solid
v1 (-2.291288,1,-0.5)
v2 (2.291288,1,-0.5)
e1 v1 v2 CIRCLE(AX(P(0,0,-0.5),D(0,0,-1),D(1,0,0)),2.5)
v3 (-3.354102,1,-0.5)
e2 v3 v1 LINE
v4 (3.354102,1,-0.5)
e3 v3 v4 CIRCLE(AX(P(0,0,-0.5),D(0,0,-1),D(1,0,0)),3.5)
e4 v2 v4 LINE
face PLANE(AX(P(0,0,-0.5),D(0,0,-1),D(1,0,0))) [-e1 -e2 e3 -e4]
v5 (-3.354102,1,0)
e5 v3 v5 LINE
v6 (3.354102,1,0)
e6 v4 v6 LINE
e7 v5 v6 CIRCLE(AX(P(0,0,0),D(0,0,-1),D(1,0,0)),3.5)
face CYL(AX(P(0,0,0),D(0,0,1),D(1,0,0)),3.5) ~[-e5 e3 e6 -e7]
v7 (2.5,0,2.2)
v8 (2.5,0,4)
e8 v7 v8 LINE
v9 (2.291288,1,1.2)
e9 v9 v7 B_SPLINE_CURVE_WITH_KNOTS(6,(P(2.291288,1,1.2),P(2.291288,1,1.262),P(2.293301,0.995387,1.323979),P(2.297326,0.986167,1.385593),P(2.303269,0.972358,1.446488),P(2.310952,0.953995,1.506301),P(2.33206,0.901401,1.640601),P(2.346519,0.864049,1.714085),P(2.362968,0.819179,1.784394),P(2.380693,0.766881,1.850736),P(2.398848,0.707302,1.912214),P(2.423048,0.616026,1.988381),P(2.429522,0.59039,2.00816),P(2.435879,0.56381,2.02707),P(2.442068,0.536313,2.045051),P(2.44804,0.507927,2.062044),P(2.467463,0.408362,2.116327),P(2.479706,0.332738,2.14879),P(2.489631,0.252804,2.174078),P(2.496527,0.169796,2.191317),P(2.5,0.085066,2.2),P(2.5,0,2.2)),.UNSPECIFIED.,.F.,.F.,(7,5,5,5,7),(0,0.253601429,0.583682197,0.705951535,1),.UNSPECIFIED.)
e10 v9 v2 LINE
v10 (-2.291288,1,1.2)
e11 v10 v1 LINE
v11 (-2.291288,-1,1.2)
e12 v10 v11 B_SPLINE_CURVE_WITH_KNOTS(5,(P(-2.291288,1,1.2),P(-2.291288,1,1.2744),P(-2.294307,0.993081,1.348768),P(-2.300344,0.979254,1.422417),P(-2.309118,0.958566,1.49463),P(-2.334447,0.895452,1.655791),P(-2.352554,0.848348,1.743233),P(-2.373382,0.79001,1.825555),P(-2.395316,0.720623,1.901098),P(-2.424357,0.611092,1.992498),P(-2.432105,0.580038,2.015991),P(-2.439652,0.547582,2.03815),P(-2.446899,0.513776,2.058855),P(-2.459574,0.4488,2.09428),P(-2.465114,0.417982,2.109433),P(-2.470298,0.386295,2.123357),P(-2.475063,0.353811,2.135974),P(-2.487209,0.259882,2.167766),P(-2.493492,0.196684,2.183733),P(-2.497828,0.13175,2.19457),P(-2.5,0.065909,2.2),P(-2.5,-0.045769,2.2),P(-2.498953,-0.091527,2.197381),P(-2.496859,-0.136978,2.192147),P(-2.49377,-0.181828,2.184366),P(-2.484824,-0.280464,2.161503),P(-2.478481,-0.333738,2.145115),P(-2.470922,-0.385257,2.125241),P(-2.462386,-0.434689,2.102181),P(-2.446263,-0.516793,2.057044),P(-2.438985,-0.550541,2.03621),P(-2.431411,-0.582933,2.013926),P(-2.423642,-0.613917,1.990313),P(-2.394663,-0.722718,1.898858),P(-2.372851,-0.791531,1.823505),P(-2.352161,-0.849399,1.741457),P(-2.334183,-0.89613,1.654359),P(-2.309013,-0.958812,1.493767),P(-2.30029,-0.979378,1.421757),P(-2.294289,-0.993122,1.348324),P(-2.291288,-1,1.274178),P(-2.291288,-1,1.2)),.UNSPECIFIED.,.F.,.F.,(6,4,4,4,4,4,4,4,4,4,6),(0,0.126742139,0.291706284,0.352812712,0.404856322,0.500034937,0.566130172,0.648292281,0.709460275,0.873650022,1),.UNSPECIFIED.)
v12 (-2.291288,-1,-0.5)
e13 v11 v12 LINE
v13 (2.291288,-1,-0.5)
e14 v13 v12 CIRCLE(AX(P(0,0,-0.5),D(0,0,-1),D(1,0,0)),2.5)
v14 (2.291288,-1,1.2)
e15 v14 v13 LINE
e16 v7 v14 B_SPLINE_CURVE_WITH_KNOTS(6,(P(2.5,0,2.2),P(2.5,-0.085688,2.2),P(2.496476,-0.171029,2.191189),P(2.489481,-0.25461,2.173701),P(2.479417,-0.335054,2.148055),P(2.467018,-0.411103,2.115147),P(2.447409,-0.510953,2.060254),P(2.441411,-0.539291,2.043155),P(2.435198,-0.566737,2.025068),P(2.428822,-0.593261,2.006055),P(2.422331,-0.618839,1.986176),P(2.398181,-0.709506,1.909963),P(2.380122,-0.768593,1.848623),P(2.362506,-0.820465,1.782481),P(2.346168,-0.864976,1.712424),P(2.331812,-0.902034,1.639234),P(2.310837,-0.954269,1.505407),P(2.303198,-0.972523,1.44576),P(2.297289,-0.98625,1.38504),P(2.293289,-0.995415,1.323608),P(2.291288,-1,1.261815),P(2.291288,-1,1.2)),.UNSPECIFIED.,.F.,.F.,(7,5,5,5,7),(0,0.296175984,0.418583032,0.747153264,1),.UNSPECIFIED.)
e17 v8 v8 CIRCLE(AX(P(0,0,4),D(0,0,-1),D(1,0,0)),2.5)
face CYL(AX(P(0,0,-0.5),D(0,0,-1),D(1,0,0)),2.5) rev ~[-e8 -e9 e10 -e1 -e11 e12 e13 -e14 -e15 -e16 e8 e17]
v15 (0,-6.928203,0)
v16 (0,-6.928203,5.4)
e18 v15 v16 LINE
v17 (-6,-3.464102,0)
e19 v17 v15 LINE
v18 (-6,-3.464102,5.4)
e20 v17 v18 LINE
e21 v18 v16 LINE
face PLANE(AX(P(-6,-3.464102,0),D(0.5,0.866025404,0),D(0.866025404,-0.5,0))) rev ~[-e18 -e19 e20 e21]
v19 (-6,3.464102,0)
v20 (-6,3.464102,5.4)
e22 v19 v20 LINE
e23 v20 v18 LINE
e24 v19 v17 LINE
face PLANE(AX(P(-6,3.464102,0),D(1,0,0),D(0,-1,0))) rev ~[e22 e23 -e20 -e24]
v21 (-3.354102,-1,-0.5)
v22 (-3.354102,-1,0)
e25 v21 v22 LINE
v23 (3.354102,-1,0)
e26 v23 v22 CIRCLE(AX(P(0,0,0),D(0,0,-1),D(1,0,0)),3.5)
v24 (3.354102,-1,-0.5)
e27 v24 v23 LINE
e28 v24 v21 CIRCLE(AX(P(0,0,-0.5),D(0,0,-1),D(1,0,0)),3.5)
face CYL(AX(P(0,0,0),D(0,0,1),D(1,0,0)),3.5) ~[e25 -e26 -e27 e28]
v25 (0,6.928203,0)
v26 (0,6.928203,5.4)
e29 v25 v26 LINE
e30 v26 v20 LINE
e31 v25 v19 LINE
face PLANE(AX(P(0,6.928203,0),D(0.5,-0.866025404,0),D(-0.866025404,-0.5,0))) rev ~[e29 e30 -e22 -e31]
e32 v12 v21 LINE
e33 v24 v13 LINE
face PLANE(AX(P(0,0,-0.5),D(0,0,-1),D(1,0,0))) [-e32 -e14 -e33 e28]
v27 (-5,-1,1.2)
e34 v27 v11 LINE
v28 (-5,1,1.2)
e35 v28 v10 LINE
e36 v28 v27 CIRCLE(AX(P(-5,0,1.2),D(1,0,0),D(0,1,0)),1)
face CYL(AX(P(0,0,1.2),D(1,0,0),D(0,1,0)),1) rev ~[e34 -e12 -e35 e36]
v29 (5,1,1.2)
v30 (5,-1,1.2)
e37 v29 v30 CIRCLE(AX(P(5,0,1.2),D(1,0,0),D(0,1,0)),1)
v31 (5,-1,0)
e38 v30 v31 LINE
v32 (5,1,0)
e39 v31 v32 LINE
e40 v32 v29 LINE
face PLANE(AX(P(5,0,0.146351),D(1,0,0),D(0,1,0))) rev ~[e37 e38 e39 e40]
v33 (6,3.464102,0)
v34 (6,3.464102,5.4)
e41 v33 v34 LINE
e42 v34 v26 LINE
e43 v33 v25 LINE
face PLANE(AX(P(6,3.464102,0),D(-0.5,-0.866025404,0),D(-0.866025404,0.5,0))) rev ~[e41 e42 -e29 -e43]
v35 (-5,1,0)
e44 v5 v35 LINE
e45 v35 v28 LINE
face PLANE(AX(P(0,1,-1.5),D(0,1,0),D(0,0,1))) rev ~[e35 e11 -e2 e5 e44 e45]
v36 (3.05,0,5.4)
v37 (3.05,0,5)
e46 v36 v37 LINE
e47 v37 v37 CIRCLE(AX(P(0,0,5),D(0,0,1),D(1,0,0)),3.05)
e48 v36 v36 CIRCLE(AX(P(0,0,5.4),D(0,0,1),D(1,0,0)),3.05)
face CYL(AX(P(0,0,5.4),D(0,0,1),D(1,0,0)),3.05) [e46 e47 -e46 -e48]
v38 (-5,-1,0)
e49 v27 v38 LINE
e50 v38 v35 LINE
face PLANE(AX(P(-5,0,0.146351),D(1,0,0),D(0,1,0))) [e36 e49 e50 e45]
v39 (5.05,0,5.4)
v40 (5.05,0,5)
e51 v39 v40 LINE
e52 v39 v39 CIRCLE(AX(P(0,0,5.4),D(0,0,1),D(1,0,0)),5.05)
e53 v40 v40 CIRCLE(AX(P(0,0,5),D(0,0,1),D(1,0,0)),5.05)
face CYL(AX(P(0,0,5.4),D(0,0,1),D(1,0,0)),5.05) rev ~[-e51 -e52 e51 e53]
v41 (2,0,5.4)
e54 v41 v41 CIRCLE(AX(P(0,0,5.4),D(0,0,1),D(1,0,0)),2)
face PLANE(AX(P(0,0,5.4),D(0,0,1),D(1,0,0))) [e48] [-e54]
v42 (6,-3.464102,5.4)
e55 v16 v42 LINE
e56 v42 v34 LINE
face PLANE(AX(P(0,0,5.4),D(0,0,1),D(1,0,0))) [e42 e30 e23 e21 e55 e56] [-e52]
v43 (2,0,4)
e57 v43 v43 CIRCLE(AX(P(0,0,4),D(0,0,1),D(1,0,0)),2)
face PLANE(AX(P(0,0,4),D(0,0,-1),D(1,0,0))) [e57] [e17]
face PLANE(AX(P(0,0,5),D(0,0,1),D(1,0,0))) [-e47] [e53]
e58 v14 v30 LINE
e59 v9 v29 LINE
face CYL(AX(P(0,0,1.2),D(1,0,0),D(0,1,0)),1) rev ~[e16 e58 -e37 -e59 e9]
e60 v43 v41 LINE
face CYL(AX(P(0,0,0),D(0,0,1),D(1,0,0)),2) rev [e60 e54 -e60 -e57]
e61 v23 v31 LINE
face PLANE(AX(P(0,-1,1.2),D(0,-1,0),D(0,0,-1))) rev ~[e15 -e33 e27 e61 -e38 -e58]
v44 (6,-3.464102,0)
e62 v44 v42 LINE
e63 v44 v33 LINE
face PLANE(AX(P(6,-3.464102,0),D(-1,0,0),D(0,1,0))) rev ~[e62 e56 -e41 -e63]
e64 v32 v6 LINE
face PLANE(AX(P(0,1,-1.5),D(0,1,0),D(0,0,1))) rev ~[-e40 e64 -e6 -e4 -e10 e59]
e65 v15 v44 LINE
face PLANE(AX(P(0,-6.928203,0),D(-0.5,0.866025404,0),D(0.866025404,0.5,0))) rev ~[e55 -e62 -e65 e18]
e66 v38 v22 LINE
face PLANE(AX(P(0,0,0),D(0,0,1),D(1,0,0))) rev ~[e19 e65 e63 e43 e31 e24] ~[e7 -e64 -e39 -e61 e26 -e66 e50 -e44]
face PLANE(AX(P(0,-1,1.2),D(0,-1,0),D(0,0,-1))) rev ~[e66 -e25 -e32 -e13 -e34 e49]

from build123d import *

# Parameters (mm, degrees)
F1_DEPTH  = 5.4
F2_R      = 5.05
F2_R_2    = 3.05
F3_DEPTH  = 0.4
F4_R      = 2
F5_DEPTH  = 5.401
F6_R      = 3.5
F6_R_2    = 2
F7_DEPTH  = 0.5
F8_R      = 2.5
F9_DEPTH  = 4.5
F11_DEPTH = 5


with BuildPart() as f1:
    # F0 (on Top) → F1 (new body)
    with BuildSketch(Plane.XY):
        Polygon((6, -3.4641016151), (6, 3.4641016151), (0, 6.9282032303), (-6, 3.4641016151), (-6, -3.4641016151), (0, -6.9282032303), align=None)
    extrude(amount=F1_DEPTH)

    # F2 (on face) → F3 (cut)
    with BuildSketch(Plane.XY.offset(5.4)):
        Circle(F2_R)
        Circle(F2_R_2, mode=Mode.SUBTRACT)
    extrude(amount=-F3_DEPTH, mode=Mode.SUBTRACT)

    # F4 (on face) → F5 (cut, through all)
    with BuildSketch(Plane.XY.offset(5.4)):
        Circle(F4_R)
    extrude(amount=-F5_DEPTH, mode=Mode.SUBTRACT)

    # F6 (on face) → F7 (join)
    with BuildSketch(Plane(origin=(0, 0, 0), x_dir=(1, 0, 0), z_dir=(0, 0, -1))):
        Circle(F6_R)
        Circle(F6_R_2, mode=Mode.SUBTRACT)
    extrude(amount=F7_DEPTH)

    # F8 (on face) → F9 (cut)
    with BuildSketch(Plane(origin=(0, 0, -0.5), x_dir=(1, 0, 0), z_dir=(0, 0, -1))):
        Circle(F8_R)
    extrude(amount=-F9_DEPTH, mode=Mode.SUBTRACT)

    # F10 (on Right) → F11 (cut, symmetric)
    with BuildSketch(Plane.YZ):
        with BuildLine():
            Line((1, -1.5), (1, 1.2))
            ThreePointArc((1, 1.2), (0, 2.2), (-1, 1.2))
            Line((-1, 1.2), (-1, -1.5))
            Line((-1, -1.5), (1, -1.5))
        make_face()
    extrude(amount=F11_DEPTH, both=True, mode=Mode.SUBTRACT)


solid = f1.part
